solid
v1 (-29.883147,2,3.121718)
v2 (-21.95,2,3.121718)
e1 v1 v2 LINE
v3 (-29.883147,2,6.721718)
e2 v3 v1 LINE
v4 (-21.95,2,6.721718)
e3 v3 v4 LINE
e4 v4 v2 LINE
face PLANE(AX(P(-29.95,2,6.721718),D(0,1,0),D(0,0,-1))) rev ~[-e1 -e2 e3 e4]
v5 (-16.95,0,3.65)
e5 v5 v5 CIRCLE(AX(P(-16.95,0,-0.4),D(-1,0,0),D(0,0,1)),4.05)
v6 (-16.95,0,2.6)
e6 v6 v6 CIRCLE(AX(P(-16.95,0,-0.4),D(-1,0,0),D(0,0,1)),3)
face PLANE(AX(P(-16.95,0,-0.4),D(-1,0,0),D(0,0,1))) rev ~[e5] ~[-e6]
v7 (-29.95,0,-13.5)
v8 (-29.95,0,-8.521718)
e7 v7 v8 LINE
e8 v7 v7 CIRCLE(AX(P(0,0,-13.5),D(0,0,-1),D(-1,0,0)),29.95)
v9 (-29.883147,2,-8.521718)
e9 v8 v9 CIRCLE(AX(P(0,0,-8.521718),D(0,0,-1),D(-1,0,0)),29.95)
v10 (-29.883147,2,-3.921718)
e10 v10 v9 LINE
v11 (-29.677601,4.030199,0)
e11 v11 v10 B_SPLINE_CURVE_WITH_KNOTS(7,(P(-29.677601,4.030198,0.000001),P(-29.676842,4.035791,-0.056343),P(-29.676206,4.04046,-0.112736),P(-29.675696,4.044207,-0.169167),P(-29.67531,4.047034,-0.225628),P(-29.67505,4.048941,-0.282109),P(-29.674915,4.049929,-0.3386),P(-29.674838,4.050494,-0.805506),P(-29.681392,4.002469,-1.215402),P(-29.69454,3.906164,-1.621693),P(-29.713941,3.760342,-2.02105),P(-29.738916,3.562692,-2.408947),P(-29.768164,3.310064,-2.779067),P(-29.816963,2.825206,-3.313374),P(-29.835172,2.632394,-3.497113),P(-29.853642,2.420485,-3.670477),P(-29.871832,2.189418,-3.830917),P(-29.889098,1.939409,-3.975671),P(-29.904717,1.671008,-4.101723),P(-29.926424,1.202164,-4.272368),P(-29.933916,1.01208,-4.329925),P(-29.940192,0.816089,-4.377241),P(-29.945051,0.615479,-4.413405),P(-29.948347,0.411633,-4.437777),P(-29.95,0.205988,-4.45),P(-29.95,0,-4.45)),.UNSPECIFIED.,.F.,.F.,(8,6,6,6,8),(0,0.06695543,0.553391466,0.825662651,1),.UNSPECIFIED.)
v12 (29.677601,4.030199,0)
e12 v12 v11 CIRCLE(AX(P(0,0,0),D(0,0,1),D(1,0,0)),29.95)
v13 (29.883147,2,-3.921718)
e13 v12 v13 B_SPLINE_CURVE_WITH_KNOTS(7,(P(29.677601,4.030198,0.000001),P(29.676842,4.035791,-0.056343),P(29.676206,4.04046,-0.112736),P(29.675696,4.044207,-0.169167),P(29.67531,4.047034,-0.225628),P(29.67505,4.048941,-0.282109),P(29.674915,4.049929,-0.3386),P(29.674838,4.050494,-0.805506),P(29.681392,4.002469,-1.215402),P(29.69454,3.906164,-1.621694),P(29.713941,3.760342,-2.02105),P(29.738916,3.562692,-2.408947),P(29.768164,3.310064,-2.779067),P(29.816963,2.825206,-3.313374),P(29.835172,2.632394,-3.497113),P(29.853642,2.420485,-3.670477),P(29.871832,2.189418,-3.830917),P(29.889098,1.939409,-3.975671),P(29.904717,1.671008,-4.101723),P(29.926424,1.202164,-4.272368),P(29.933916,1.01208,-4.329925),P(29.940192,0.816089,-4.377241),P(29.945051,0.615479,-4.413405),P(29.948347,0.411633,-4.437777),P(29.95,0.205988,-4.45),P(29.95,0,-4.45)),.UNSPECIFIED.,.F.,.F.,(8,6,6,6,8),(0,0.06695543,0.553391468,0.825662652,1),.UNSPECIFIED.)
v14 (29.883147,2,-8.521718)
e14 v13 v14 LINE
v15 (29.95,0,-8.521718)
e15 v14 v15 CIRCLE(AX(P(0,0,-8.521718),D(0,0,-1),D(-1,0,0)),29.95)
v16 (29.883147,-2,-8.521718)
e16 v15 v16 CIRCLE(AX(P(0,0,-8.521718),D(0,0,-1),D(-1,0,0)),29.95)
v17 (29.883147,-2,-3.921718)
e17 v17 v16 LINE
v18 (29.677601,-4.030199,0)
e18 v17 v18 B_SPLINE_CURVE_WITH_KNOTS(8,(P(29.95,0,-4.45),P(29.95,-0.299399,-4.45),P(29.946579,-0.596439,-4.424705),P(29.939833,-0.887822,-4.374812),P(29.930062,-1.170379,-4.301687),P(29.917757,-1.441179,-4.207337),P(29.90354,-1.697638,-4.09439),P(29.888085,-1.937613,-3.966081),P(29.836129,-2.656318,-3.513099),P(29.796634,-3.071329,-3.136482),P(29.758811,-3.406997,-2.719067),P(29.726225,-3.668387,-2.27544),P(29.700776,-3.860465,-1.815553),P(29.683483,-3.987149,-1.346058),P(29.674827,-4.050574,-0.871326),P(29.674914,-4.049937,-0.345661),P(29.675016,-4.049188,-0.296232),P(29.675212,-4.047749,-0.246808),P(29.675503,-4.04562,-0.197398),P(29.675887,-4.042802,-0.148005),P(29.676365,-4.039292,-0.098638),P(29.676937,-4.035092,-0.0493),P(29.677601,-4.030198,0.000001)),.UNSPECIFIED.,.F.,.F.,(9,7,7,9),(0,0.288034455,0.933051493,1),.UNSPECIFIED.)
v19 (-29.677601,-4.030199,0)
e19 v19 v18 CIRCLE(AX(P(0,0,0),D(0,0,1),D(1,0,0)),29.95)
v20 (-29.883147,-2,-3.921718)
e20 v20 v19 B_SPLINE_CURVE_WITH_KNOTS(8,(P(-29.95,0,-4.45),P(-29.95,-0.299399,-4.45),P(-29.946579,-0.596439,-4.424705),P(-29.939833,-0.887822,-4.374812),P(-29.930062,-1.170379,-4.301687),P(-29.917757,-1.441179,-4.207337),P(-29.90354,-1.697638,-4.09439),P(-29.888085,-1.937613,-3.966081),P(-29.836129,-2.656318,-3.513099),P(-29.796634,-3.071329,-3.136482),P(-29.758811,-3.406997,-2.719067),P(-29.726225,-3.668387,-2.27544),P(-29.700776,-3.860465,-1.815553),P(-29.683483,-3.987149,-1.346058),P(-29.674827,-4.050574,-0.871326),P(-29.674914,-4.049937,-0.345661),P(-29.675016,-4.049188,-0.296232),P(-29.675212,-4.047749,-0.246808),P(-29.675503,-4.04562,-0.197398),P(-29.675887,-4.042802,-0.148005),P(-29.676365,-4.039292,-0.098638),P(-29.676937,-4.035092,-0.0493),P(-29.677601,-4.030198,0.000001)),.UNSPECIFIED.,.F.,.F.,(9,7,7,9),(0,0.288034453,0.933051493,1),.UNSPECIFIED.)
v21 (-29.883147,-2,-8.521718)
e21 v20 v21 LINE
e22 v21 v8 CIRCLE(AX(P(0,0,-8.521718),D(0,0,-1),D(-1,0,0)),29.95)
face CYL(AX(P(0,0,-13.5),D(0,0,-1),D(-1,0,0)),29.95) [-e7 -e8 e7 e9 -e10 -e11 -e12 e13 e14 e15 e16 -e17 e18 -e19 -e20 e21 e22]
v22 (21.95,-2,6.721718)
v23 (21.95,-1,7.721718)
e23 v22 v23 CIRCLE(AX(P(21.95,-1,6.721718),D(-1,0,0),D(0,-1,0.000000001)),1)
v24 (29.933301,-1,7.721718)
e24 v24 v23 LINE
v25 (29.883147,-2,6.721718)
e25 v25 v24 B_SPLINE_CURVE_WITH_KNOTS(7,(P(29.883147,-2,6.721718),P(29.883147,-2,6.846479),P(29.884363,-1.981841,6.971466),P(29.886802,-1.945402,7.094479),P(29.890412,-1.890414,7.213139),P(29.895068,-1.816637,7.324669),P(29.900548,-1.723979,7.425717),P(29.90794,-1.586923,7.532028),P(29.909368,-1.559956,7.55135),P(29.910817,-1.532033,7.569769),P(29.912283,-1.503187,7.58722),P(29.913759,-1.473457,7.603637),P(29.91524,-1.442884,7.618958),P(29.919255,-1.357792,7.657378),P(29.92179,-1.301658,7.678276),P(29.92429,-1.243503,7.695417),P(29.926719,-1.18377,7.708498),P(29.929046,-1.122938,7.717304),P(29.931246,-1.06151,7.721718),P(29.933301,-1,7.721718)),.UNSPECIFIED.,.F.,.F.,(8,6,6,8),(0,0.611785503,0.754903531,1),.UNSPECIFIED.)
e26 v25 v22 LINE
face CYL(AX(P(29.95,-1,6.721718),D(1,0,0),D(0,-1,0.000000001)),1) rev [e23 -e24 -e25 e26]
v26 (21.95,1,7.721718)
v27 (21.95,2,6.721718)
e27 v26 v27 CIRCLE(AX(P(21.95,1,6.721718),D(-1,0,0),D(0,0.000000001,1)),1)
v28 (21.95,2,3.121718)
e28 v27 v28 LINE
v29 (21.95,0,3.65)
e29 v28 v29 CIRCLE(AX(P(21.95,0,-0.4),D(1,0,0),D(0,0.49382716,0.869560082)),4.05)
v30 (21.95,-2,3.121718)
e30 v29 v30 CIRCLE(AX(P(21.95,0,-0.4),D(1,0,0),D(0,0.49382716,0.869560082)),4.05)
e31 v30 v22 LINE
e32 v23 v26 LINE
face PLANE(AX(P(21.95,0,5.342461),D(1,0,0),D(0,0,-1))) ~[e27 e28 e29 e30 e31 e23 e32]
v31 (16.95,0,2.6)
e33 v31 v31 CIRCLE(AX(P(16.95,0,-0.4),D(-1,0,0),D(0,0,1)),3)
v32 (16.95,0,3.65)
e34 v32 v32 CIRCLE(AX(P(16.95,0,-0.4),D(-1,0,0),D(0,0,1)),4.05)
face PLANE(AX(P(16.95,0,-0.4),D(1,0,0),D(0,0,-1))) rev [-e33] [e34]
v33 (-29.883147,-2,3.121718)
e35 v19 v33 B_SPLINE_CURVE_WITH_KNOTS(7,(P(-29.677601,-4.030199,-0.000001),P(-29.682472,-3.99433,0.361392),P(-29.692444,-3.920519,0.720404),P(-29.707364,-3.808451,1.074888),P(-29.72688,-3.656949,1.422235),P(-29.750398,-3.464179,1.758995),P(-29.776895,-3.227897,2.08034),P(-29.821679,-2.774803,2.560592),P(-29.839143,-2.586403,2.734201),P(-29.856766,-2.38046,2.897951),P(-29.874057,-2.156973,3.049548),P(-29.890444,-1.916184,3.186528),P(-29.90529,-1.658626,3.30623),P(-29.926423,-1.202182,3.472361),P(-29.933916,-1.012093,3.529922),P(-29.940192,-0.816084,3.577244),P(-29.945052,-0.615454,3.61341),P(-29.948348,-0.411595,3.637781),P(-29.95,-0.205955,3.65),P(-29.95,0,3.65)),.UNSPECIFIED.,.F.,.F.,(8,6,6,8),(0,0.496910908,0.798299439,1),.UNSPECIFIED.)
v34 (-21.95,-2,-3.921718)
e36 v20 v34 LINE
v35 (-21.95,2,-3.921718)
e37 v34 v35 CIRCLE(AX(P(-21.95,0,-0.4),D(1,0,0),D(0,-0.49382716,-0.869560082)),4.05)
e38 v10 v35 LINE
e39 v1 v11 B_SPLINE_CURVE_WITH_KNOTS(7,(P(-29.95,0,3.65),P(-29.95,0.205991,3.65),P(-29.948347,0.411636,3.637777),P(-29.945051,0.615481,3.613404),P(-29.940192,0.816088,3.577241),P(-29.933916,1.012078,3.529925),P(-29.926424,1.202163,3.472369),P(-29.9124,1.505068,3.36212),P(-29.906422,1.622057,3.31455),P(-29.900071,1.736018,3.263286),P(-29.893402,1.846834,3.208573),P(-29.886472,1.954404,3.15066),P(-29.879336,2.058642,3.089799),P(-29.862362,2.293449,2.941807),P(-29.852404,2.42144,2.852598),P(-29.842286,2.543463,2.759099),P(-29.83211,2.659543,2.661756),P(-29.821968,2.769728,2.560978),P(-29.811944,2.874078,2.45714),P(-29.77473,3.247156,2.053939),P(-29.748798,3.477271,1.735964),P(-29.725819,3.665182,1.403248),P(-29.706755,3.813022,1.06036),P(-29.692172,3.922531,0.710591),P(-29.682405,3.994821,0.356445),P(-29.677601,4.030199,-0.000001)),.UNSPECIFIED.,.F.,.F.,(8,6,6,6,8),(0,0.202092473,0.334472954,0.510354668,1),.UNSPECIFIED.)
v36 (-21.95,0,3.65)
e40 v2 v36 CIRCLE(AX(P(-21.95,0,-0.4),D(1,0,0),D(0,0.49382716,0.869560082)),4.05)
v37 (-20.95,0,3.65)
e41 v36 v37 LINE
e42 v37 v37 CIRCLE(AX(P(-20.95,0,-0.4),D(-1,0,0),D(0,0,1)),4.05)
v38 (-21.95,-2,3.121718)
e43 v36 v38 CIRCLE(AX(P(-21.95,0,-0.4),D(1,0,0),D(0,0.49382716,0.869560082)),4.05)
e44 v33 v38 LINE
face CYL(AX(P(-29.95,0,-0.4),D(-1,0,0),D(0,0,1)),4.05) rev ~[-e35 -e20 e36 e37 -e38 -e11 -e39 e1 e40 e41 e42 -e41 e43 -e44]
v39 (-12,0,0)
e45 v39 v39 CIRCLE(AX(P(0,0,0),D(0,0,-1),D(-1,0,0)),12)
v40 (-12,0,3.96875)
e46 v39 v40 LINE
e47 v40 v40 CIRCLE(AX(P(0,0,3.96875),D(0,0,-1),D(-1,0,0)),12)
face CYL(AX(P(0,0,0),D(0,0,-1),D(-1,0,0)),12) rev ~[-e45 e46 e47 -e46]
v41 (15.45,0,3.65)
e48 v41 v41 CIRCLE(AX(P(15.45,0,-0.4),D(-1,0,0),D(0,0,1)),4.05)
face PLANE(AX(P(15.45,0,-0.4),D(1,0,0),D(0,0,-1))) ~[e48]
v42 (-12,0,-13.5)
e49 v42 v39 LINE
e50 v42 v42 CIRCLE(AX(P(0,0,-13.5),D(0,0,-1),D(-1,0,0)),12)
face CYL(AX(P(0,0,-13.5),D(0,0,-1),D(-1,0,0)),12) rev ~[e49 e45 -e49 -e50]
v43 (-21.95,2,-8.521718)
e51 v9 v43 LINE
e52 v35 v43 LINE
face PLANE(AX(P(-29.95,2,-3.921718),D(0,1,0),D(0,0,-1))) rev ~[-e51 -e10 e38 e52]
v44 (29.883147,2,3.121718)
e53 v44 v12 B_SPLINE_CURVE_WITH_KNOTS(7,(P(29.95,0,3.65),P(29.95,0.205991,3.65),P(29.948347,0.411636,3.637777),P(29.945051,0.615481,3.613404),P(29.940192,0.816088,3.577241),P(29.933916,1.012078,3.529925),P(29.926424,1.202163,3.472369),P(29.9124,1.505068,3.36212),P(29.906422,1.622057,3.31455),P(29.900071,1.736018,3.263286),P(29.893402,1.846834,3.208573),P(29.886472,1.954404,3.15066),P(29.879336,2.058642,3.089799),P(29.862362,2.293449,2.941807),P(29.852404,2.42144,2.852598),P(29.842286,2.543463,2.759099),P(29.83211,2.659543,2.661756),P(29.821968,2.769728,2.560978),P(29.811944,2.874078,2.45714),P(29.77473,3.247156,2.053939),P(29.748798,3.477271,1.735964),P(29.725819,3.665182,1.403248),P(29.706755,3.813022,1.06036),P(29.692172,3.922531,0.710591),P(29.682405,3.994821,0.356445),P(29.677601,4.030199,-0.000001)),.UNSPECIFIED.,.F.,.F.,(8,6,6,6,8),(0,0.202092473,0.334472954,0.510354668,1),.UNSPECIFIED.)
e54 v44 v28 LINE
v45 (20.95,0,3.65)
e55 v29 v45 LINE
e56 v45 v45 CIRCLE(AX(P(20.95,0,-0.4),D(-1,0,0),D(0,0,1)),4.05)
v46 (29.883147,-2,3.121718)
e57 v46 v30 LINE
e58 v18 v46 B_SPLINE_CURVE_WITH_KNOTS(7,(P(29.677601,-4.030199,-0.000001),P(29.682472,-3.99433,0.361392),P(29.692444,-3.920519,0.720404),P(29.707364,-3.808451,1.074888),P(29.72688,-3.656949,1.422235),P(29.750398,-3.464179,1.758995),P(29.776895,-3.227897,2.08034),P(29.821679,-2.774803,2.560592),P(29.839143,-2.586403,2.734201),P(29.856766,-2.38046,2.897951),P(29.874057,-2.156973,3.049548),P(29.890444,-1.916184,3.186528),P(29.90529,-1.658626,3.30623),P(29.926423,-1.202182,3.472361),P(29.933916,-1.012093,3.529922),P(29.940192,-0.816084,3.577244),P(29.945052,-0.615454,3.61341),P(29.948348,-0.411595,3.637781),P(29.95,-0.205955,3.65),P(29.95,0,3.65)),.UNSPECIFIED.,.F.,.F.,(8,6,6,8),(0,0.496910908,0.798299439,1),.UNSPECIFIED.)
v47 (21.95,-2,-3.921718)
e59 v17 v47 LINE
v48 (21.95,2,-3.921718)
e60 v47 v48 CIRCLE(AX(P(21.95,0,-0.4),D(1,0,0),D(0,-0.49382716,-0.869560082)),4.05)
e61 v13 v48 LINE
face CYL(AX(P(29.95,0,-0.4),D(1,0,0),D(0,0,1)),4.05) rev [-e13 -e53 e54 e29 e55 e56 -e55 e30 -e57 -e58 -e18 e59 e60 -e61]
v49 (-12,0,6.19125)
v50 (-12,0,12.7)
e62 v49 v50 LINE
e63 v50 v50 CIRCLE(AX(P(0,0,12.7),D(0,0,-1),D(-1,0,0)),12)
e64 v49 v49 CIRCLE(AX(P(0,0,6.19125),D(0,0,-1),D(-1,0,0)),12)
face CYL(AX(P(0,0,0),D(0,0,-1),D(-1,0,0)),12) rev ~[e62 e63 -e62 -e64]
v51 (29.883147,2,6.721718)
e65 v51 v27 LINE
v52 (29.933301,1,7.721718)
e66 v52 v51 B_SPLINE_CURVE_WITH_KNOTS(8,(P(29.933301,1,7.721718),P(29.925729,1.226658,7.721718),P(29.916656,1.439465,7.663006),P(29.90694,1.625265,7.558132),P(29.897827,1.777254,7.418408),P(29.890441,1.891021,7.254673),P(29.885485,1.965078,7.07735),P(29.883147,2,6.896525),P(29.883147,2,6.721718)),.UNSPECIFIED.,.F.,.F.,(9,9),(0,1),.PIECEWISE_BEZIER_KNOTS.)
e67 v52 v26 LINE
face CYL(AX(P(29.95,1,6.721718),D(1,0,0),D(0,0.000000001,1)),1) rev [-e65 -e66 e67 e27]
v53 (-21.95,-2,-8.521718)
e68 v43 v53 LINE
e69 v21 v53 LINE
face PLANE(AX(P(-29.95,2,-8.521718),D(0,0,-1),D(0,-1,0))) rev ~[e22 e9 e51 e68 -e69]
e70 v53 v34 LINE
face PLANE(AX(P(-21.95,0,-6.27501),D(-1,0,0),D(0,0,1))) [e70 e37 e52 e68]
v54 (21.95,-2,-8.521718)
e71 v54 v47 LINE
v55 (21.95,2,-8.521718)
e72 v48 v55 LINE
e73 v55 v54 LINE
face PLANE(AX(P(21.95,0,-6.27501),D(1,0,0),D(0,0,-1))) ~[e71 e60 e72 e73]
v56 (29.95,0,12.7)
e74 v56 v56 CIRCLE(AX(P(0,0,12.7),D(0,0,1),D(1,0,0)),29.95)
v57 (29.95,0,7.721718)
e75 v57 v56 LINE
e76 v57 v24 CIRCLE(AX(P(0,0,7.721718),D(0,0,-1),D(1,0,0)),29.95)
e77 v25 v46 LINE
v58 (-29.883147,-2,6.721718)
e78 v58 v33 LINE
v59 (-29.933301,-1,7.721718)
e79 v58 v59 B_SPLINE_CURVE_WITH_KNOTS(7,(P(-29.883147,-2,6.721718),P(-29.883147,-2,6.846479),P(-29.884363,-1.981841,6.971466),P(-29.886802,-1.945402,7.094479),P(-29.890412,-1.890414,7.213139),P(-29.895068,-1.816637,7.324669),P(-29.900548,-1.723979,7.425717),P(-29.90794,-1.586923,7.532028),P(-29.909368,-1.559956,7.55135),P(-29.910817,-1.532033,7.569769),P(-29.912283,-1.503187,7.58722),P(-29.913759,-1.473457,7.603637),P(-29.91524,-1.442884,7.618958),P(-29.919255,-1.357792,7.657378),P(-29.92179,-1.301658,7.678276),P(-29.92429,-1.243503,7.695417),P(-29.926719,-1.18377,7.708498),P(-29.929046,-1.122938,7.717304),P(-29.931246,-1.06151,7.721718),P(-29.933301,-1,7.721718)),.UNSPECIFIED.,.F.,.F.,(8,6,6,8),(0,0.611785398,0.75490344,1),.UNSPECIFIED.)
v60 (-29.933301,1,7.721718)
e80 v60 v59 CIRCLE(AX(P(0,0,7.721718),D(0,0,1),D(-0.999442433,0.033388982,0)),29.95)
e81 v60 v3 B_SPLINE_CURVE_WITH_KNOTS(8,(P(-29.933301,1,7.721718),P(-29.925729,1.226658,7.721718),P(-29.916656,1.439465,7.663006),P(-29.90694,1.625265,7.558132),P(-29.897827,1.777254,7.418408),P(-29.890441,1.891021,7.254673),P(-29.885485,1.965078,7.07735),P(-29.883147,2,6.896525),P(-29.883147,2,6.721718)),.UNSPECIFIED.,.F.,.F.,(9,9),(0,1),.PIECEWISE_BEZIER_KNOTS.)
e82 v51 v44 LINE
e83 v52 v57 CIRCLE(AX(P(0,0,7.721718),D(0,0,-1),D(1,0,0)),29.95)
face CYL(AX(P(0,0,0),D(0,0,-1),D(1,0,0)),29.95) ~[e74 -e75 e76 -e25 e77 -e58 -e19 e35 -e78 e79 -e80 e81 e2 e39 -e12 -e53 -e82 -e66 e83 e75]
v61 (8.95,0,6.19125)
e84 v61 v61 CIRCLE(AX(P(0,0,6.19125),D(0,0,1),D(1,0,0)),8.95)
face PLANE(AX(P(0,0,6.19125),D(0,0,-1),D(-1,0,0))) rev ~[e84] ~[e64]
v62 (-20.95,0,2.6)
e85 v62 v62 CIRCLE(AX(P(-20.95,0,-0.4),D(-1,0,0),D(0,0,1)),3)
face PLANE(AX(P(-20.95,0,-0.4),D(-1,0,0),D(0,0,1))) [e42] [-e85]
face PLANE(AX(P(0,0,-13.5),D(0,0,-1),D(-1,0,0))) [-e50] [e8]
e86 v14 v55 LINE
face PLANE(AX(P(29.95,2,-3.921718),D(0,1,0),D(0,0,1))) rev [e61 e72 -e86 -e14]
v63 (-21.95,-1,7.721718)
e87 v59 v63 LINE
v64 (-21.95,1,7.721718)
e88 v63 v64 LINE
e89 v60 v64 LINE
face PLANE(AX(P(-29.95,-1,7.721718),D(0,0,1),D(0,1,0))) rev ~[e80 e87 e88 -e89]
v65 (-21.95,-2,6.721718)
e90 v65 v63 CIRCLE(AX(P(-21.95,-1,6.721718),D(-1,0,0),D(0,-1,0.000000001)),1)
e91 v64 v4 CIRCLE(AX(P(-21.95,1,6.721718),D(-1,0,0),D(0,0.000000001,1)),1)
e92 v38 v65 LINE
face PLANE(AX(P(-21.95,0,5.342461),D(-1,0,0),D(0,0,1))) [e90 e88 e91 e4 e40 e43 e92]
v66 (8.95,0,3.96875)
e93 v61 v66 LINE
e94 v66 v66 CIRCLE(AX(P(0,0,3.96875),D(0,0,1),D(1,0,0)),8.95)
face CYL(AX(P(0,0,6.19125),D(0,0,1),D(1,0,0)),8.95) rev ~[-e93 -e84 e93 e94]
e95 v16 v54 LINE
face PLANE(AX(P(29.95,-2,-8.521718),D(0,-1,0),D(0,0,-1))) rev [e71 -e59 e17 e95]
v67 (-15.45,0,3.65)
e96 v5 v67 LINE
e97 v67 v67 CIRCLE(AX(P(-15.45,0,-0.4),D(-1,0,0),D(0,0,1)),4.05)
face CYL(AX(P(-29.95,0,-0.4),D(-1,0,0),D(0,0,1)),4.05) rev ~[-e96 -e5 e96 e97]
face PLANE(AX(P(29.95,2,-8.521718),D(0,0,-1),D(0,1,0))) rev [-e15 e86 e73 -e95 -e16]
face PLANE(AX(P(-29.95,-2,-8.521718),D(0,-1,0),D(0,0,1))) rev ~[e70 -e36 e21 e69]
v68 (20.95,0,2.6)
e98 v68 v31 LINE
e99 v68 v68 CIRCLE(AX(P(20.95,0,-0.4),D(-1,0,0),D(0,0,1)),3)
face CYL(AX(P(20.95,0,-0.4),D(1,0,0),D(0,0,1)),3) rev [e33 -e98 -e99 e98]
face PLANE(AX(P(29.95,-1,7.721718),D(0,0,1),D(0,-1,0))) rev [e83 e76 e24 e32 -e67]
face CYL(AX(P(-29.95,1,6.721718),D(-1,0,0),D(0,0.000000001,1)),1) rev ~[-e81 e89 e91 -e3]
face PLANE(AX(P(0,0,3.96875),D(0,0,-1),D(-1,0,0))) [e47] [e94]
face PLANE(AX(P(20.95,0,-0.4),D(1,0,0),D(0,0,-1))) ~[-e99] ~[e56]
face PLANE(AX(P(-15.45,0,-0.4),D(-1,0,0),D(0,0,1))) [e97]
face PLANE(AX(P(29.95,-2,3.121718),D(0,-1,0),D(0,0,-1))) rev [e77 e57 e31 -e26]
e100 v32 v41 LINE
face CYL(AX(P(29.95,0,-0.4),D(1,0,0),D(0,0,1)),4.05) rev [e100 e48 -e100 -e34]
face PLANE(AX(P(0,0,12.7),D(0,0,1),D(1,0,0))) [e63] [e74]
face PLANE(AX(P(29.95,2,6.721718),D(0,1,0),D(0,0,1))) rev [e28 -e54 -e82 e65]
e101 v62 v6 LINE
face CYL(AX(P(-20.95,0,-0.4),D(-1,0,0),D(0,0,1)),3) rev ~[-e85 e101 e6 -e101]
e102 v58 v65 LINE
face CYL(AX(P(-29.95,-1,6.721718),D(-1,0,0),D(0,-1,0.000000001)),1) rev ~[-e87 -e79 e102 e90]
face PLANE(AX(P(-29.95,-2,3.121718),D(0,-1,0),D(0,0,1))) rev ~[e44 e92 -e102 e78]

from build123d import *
from build123d.topology import SkipClean

# Parameters (mm, degrees)
SKETCH1_R           = 29.95
BOSS_EXTRUDE1_DEPTH = 12.7
SKETCH3_R           = 12
CUT_EXTRUDE2_DEPTH  = 45.218717756
SKETCH4_R           = 12
BOSS_EXTRUDE2_DEPTH = 2.2225
SKETCH5_R           = 8.95
CUT_EXTRUDE3_DEPTH  = 43.852874193
BOSS_EXTRUDE6_START = 13.5
SKETCH11_R          = 29.95
SKETCH11_R_2        = 12
BOSS_EXTRUDE6_DEPTH = 13.5
SKETCH12_R          = 4.05
CUT_EXTRUDE4_DEPTH  = 14.5
BOSS_EXTRUDE7_START = 4
SKETCH14_R          = 4.05
BOSS_EXTRUDE7_DEPTH = 4
SKETCH16_R          = 3
CUT_EXTRUDE5_DEPTH  = 4
CUT_EXTRUDE6_DEPTH  = 8


with BuildPart() as part:
    # Sketch1 → Boss-Extrude1 (new body)
    with BuildSketch(Plane.XY):
        Circle(SKETCH1_R)
    extrude(amount=BOSS_EXTRUDE1_DEPTH)

    # Sketch3 → Cut-Extrude2 (cut, through all)
    with BuildSketch(Plane(origin=(0, 0, 0), x_dir=(-1, 0, 0), z_dir=(0, 0, -1))):
        Circle(SKETCH3_R)
    extrude(amount=-CUT_EXTRUDE2_DEPTH, mode=Mode.SUBTRACT)

    # Sketch4 → Boss-Extrude2 (add)
    with BuildSketch(Plane(origin=(0, 0, 3.96875), x_dir=(-1, 0, 0), z_dir=(0, 0, -1))):
        Circle(SKETCH4_R)
    extrude(amount=-BOSS_EXTRUDE2_DEPTH)

    # Sketch5 → Cut-Extrude3 (cut, through all)
    with BuildSketch(Plane.XY.offset(6.19125)):
        Circle(SKETCH5_R)
    extrude(amount=-CUT_EXTRUDE3_DEPTH, mode=Mode.SUBTRACT)

    # Sketch11 → Boss-Extrude6 (add)
    with BuildSketch(Plane(origin=(0, 0, 0), x_dir=(-1, 0, 0), z_dir=(0, 0, -1)).offset(BOSS_EXTRUDE6_START)):
        Circle(SKETCH11_R)
        Circle(SKETCH11_R_2, mode=Mode.SUBTRACT)
    extrude(amount=-BOSS_EXTRUDE6_DEPTH)

    # Sketch12 → Cut-Extrude4 (cut)
    with BuildSketch(Plane(origin=(-29.95, 0, 6.19125), x_dir=(0, 0, 1), z_dir=(-1, 0, 0))):
        with Locations((-6.59125, 0)):
            Circle(SKETCH12_R)
    cut_extrude4 = extrude(amount=-CUT_EXTRUDE4_DEPTH, mode=Mode.SUBTRACT)

    # Sketch14 → Boss-Extrude7 (add)
    with BuildSketch(Plane(origin=(-16.95, 0, 6.19125), x_dir=(0, 0, 1), z_dir=(-1, 0, 0)).offset(BOSS_EXTRUDE7_START)):
        with Locations((-6.59125, 0)):
            Circle(SKETCH14_R)
    boss_extrude7 = extrude(amount=-BOSS_EXTRUDE7_DEPTH)

    # Sketch16 → Cut-Extrude5 (cut)
    with BuildSketch(Plane.ZY.offset(20.95)):
        with Locations((-0.4, 0)):
            Circle(SKETCH16_R)
    cut_extrude5 = extrude(amount=-CUT_EXTRUDE5_DEPTH, mode=Mode.SUBTRACT)

    # Sketch17 → Cut-Extrude6 (cut)
    with BuildSketch(Plane(origin=(-29.95, 0, 6.19125), x_dir=(0, 0, 1), z_dir=(-1, 0, 0))):
        with BuildLine():
            Line((0.530468331, 2), (-3.069531669, 2))
            ThreePointArc((-3.069531669, 2), (-2.54125, 0), (-3.069531669, -2))
            Line((-3.069531669, -2), (0.530468331, -2))
            ThreePointArc((0.530468331, -2), (1.237575112, -1.707106781), (1.530468331, -1))
            Line((1.530468331, -1), (1.530468331, 1))
            ThreePointArc((1.530468331, 1), (1.237575112, 1.707106781), (0.530468331, 2))
        make_face()
        with BuildLine():
            Line((-14.712968331, -2), (-10.112968331, -2))
            ThreePointArc((-10.112968331, -2), (-10.64125, 0), (-10.112968331, 2))
            Line((-10.112968331, 2), (-14.712968331, 2))
            Line((-14.712968331, 2), (-14.712968331, -2))
        make_face()
    cut_extrude6 = extrude(amount=-CUT_EXTRUDE6_DEPTH, mode=Mode.SUBTRACT)

    # Mirror1: Cut-Extrude4, Boss-Extrude7, Cut-Extrude5, Cut-Extrude6 across plane
    with SkipClean():  # the faces are left unmerged after this step: merging them gives an invalid solid
        add(cut_extrude4.mirror(Plane.ZY), mode=Mode.SUBTRACT)
        add(boss_extrude7.mirror(Plane.ZY))
        add(cut_extrude5.mirror(Plane.ZY), mode=Mode.SUBTRACT)
        add(cut_extrude6.mirror(Plane.ZY), mode=Mode.SUBTRACT)


solid = part.part
